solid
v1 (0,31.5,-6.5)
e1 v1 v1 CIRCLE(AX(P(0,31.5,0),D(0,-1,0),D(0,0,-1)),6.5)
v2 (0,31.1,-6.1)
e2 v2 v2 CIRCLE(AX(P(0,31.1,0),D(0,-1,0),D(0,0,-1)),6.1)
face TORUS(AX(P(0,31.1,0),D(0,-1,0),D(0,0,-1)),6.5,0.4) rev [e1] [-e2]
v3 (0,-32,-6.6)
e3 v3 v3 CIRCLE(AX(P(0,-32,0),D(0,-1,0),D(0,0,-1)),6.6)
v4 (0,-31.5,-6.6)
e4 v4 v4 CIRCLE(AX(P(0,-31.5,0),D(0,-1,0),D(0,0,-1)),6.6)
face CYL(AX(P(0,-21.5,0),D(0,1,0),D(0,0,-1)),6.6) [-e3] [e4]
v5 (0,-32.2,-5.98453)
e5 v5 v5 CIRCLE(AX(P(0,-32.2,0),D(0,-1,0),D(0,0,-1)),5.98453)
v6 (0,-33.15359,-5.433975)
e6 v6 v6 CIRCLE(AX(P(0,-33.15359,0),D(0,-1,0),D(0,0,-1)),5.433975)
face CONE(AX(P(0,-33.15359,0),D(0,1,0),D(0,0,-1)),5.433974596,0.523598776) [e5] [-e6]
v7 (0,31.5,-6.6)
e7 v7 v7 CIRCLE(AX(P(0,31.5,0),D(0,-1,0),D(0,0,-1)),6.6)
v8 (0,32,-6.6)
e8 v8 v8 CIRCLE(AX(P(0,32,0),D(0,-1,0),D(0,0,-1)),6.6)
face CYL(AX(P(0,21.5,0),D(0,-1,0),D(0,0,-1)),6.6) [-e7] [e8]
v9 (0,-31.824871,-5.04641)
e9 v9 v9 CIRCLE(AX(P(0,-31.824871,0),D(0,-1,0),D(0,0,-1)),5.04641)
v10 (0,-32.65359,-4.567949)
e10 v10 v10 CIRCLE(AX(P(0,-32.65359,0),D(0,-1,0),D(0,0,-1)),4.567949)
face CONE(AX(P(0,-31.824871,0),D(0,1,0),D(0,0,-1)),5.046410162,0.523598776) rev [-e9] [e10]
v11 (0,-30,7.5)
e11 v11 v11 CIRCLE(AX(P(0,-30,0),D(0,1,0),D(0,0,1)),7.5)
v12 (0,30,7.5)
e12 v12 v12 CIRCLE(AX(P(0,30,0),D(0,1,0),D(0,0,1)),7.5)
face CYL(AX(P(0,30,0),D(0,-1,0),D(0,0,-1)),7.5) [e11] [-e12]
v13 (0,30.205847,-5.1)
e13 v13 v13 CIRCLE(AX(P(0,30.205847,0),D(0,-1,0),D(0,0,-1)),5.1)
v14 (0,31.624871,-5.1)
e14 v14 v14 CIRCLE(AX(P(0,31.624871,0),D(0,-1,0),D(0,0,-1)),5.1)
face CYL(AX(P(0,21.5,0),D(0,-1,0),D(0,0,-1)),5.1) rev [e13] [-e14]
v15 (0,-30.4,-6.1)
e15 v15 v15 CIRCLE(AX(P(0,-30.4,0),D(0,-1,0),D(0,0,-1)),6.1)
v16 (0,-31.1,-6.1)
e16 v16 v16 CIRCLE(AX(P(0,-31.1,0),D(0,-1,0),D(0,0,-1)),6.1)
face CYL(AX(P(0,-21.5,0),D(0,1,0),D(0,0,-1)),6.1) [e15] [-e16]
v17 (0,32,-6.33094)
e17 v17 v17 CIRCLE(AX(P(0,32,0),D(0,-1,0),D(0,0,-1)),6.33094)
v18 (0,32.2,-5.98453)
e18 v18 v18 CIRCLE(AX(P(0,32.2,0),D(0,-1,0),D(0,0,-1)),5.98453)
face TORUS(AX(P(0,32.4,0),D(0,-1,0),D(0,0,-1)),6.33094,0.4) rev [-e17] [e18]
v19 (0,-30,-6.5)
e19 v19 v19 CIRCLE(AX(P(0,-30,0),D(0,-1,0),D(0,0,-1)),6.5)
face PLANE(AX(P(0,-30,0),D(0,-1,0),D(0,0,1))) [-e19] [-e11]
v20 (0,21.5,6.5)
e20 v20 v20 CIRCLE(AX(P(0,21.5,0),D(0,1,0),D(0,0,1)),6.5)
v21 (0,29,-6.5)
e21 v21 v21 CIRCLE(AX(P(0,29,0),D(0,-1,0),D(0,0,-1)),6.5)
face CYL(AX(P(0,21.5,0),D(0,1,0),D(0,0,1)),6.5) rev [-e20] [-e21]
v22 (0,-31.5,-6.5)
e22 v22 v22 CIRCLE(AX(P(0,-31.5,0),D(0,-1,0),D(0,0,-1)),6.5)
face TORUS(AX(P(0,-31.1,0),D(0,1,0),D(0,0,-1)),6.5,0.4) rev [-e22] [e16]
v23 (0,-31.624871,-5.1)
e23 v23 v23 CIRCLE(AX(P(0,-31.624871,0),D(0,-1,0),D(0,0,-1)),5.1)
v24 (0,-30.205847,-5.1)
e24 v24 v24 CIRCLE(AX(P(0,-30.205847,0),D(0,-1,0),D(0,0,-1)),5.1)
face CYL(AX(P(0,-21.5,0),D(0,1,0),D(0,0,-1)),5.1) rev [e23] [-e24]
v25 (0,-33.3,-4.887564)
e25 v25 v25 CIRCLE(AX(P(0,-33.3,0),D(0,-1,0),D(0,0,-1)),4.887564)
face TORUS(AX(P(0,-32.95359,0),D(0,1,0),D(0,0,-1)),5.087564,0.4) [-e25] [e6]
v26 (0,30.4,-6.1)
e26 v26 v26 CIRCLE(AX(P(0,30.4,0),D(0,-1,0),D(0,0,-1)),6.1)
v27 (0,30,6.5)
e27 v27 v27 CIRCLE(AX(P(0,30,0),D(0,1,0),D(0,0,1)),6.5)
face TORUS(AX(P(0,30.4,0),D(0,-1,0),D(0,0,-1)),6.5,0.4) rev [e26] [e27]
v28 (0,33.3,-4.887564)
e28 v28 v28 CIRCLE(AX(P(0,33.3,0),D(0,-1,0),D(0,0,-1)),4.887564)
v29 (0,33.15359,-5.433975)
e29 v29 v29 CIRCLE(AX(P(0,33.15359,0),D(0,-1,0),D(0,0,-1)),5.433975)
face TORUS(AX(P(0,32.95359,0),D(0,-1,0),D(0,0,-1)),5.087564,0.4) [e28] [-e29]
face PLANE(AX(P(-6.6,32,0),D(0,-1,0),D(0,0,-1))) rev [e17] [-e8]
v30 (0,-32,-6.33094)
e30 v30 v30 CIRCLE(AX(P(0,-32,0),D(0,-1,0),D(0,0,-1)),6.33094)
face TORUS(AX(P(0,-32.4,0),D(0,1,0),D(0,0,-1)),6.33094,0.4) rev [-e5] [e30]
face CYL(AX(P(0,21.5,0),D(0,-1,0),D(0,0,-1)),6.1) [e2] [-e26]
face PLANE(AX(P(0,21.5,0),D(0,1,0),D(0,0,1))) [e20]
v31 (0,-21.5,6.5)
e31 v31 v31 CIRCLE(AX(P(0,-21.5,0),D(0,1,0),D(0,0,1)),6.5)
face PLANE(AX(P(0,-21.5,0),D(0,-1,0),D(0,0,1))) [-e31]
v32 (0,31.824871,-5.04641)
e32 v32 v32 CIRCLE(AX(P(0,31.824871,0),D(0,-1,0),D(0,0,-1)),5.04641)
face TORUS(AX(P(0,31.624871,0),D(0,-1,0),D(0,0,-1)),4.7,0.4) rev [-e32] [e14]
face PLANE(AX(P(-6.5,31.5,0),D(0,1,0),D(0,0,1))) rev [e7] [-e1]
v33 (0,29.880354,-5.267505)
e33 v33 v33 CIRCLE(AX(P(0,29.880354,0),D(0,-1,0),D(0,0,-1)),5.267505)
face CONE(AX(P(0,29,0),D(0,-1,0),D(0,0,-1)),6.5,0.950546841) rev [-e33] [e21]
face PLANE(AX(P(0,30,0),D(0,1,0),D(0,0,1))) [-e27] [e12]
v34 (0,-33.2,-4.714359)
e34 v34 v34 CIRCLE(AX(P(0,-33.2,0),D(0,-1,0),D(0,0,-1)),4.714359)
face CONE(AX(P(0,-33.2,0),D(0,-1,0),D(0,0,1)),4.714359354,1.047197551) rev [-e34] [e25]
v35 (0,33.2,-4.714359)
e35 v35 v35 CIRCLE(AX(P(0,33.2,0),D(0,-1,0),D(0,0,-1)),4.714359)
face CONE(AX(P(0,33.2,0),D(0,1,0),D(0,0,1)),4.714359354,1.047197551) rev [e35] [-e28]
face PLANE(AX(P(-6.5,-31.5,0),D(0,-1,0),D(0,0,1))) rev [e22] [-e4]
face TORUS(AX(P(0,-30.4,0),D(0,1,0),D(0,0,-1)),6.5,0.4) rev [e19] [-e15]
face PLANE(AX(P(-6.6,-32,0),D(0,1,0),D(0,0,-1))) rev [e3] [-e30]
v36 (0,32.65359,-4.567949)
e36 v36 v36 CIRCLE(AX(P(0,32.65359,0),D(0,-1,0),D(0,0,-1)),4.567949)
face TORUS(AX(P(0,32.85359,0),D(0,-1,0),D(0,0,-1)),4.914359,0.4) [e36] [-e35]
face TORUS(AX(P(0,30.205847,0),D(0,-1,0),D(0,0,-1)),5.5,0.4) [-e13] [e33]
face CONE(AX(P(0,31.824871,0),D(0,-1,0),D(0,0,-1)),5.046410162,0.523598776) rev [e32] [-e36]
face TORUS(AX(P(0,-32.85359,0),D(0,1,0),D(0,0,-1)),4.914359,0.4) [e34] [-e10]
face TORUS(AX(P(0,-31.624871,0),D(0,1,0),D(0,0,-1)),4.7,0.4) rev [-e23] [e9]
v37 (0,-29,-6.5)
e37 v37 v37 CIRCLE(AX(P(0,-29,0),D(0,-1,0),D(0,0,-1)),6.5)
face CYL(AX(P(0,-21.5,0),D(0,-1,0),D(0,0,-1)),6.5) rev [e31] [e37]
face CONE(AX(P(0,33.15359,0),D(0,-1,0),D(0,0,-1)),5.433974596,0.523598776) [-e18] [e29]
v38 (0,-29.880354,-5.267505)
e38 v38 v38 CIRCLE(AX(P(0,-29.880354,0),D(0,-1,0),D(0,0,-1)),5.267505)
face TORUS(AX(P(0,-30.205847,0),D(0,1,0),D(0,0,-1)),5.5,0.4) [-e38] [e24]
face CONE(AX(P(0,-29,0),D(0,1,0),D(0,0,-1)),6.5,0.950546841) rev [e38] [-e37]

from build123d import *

# Parameters (mm, degrees)
SKETCH1_R           = 7.5
BOSS_EXTRUDE1_DEPTH = 30
SKETCH2_R           = 6.5
CUT_EXTRUDE1_DEPTH  = 8.5


with BuildPart() as part:
    # Sketch1 → Boss-Extrude1 (new body)
    with BuildSketch(Plane(origin=(0, 0, 0), x_dir=(1, 0, 0), z_dir=(0, 1, 0))):
        with Locations(Location((0, 0, 0), (0, 0, 270))):
            Circle(SKETCH1_R)
    boss_extrude1 = extrude(amount=BOSS_EXTRUDE1_DEPTH)

    # Sketch2 → Cut-Extrude1 (cut)
    with BuildSketch(Plane(origin=(0, 30, 0), x_dir=(1, 0, 0), z_dir=(0, 1, 0))):
        with Locations(Location((0, 0, 0), (0, 0, 270))):
            Circle(SKETCH2_R)
    cut_extrude1 = extrude(amount=-CUT_EXTRUDE1_DEPTH, mode=Mode.SUBTRACT)

    # Sketch3 → Revolve1 (revolve)
    with BuildSketch(Plane.XY, mode=Mode.PRIVATE) as revolve1_sk:
        with BuildLine():
            Line((-7, 30), (-6.5, 30))
            ThreePointArc((-6.5, 30), (-6.217157288, 30.117157288), (-6.1, 30.4))
            Line((-6.1, 30.4), (-6.1, 31.1))
            ThreePointArc((-6.1, 31.1), (-6.217157288, 31.382842712), (-6.5, 31.5))
            Line((-6.5, 31.5), (-6.6, 31.5))
            Line((-6.6, 31.5), (-6.6, 32))
            Line((-6.6, 32), (-6.330940108, 32))
            ThreePointArc((-6.330940108, 32), (-6.130940108, 32.053589838), (-5.984529946, 32.2))
            Line((-5.984529946, 32.2), (-5.433974596, 33.153589838))
            ThreePointArc((-5.433974596, 33.153589838), (-5.191092053, 33.339960169), (-4.887564435, 33.3))
            Line((-4.887564435, 33.3), (-4.714359354, 33.2))
            ThreePointArc((-4.714359354, 33.2), (-4.527989023, 32.957117457), (-4.567949192, 32.653589838))
            Line((-4.567949192, 32.653589838), (-5.046410162, 31.824871131))
            ThreePointArc((-5.046410162, 31.824871131), (-5.086370331, 31.728398749), (-5.1, 31.624871131))
            Line((-5.1, 31.624871131), (-5.1, 30.205847158))
            ThreePointArc((-5.1, 30.205847158), (-5.144332943, 30.022814526), (-5.267504723, 29.88035377))
            Line((-5.267504723, 29.88035377), (-6.5, 29))
            Line((-6.5, 29), (-7, 29))
            Line((-7, 29), (-7, 30))
        make_face()
    revolve1 = revolve(revolve1_sk.sketch.rotate(Axis((0, 21.5, 0), (0, 1, 0)), 270), axis=Axis((0, 21.5, 0), (0, 1, 0)))

    # Mirror1: Boss-Extrude1, Cut-Extrude1, Revolve1 across plane
    add(boss_extrude1.mirror(Plane.ZX))
    add(cut_extrude1.mirror(Plane.ZX), mode=Mode.SUBTRACT)
    add(revolve1.mirror(Plane.ZX))


solid = part.part
